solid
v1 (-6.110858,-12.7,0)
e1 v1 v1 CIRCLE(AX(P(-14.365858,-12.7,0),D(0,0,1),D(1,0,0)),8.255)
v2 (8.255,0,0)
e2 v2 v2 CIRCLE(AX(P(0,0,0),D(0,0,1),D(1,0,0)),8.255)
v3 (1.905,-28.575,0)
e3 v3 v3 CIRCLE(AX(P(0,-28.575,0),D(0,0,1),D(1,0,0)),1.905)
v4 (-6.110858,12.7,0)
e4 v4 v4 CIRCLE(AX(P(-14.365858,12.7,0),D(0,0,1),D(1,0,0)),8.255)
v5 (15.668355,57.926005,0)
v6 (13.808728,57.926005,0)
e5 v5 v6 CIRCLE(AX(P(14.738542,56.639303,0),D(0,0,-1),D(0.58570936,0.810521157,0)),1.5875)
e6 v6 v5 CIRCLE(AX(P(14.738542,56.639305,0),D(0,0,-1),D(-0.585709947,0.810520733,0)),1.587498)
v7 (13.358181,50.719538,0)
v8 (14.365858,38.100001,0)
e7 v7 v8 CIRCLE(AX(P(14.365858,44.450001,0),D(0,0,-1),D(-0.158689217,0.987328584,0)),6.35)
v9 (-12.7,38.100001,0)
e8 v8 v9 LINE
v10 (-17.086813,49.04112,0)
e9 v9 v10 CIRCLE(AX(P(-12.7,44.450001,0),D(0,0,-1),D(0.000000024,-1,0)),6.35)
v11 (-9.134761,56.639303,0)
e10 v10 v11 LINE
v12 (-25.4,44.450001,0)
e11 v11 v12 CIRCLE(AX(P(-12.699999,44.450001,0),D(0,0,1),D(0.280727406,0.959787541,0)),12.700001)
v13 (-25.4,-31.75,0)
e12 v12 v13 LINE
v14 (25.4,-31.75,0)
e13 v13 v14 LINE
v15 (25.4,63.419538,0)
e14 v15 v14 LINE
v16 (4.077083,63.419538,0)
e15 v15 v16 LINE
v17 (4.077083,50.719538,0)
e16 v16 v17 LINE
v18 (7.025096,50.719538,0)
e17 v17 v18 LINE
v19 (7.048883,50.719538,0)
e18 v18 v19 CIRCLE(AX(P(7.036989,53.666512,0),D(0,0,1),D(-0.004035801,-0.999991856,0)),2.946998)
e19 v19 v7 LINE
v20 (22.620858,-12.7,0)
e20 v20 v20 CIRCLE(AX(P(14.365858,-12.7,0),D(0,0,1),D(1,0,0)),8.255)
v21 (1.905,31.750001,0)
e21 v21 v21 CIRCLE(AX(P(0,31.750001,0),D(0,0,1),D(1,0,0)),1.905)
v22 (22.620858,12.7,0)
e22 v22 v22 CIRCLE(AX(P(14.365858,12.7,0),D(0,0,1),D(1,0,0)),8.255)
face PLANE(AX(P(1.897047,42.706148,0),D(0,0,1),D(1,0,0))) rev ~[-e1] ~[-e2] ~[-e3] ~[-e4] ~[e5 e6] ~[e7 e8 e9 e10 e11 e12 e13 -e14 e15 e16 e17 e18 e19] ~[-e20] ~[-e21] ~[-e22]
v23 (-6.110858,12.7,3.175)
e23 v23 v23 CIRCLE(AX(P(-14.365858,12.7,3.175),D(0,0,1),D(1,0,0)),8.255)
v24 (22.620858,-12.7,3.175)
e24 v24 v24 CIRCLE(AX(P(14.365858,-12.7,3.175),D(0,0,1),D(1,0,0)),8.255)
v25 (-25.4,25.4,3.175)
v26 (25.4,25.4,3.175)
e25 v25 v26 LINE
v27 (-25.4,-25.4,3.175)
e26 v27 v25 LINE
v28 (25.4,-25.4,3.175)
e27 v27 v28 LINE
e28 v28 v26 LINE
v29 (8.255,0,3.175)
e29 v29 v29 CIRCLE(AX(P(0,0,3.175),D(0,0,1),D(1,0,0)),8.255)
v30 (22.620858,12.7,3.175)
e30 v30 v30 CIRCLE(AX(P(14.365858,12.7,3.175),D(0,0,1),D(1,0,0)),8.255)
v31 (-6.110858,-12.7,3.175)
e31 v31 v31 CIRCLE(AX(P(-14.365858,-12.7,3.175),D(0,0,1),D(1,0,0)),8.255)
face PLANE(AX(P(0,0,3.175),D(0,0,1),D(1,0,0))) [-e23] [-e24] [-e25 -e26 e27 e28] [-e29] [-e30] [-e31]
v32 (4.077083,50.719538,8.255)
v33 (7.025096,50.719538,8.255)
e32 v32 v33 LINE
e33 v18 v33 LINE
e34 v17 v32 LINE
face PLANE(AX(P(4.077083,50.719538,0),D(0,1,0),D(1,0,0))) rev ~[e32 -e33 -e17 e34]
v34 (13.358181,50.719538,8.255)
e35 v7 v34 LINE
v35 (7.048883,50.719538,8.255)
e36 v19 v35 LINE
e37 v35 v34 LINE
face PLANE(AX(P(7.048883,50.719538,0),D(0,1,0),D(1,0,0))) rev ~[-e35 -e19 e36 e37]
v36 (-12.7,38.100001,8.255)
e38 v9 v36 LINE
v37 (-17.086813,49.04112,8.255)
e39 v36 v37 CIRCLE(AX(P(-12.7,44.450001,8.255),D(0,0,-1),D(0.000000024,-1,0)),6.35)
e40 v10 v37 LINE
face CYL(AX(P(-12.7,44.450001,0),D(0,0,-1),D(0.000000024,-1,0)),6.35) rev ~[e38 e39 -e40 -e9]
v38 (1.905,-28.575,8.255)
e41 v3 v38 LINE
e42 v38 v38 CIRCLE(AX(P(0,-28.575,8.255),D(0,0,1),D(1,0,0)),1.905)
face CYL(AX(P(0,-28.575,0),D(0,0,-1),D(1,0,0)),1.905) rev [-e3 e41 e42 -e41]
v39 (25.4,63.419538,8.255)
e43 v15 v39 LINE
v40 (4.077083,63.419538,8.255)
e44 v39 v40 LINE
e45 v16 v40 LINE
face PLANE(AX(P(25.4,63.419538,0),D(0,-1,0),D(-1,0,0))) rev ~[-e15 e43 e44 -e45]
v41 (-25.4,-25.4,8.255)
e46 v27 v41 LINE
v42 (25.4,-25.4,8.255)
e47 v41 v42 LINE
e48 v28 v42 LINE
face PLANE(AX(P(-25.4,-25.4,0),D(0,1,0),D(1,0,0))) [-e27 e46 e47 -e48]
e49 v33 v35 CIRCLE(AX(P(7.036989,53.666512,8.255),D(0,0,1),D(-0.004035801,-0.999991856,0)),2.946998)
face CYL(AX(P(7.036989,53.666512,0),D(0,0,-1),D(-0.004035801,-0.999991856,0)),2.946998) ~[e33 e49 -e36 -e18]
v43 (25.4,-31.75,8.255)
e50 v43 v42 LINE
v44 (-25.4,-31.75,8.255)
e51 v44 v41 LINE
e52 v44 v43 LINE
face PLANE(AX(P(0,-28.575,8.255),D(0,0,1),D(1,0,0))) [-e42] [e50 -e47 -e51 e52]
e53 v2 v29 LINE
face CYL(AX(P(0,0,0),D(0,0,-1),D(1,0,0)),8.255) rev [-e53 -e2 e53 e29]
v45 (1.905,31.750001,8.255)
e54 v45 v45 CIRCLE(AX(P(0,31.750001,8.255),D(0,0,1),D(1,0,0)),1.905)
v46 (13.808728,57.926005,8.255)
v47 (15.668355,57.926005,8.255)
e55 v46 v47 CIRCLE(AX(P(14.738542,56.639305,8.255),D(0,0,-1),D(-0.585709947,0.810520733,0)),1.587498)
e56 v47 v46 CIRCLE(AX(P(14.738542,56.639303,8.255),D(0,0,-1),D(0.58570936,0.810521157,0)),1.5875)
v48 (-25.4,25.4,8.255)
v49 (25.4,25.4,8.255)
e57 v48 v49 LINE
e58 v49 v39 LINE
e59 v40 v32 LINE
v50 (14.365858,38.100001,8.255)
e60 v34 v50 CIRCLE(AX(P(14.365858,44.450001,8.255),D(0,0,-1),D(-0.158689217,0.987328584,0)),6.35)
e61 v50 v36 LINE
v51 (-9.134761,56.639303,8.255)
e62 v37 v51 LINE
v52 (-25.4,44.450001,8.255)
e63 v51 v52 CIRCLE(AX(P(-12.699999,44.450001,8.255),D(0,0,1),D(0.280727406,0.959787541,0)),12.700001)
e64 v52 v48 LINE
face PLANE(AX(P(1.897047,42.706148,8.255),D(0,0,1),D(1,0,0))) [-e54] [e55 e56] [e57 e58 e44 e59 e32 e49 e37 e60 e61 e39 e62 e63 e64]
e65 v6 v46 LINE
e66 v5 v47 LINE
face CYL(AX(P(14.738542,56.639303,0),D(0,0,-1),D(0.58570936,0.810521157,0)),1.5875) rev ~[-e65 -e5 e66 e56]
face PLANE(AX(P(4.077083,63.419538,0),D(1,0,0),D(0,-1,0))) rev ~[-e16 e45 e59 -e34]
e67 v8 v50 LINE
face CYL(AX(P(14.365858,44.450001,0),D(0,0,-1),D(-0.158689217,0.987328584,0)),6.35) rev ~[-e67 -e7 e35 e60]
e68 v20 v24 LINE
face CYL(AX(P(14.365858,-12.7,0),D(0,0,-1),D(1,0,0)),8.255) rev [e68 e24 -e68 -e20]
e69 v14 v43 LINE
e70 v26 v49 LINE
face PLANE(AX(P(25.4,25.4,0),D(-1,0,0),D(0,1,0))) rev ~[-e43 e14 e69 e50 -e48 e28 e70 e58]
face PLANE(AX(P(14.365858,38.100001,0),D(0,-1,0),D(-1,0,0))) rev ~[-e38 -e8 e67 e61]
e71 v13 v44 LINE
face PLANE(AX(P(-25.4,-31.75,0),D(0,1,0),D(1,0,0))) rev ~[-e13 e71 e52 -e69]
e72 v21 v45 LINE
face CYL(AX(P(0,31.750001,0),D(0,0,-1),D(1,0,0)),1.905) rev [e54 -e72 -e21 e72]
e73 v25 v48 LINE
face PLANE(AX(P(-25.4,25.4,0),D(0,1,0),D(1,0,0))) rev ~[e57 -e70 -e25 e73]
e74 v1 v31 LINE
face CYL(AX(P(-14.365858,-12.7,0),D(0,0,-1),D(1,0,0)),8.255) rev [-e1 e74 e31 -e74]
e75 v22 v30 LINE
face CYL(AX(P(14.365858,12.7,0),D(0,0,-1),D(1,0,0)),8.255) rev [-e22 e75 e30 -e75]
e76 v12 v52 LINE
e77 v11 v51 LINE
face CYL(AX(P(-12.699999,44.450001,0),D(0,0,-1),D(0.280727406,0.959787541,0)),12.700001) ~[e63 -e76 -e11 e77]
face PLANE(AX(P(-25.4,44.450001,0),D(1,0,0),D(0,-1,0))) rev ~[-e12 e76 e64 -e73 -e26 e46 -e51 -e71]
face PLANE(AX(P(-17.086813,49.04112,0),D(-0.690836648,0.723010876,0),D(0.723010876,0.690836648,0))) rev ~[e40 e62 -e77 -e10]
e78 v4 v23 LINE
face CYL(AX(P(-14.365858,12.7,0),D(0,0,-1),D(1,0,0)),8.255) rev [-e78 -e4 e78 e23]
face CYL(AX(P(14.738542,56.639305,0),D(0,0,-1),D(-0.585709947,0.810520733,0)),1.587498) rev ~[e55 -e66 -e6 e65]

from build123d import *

# Parameters (mm, degrees)
F0_W     = 50.8
F0_H     = 50.8
F0_R     = 8.255
F1_DEPTH = 3.175
F0_R_2   = 1.905
F0_H_2   = 6.35
F2_DEPTH = 8.255


with BuildPart() as f1:
    # F0 (on Top) → F1 (new body)
    with BuildSketch(Plane.XY):
        Rectangle(F0_W, F0_H)
        with Locations((-14.365858, -12.7)):
            Circle(F0_R, mode=Mode.SUBTRACT)
        with Locations((-14.365858, 12.7)):
            Circle(F0_R, mode=Mode.SUBTRACT)
        with Locations((14.365858, -12.7)):
            Circle(F0_R, mode=Mode.SUBTRACT)
        Circle(F0_R, mode=Mode.SUBTRACT)
        with Locations((14.365858, 12.7)):
            Circle(F0_R, mode=Mode.SUBTRACT)
    extrude(amount=F1_DEPTH)

    # F0 (on Top) → F2 (join)
    with BuildSketch(Plane.XY):
        with BuildLine():
            Line((-25.4, 44.450001), (-25.4, 25.4))
            Line((-25.4, 25.4), (25.4, 25.4))
            Line((25.4, 25.4), (25.4, 44.450001))
            Line((25.4, 44.450001), (25.4, 56.639303))
            Line((25.4, 56.639303), (25.4, 63.419538))
            Line((25.4, 63.419538), (12.960542, 63.419538))
            Line((12.960542, 63.419538), (12.38037, 63.419538))
            Line((12.38037, 63.419538), (4.077083, 63.419538))
            Line((4.077083, 63.419538), (4.077083, 50.719538))
            Line((4.077083, 50.719538), (7.025096, 50.719538))
            ThreePointArc((7.025096, 50.719538), (7.03699, 50.719514), (7.048883, 50.719538))
            Line((7.048883, 50.719538), (13.358181, 50.719538))
            ThreePointArc((13.358181, 50.719538), (20.69571, 44.955443), (14.365858, 38.100001))
            Line((14.365858, 38.100001), (-12.7, 38.100001))
            ThreePointArc((-12.7, 38.100001), (-18.5939, 42.086858), (-17.086813, 49.04112))
            Line((-17.086813, 49.04112), (-9.134761, 56.639303))
            ThreePointArc((-9.134761, 56.639303), (-20.316149, 54.612888), (-25.4, 44.450001))
        make_face()
        with Locations((0, 31.750001)):
            Circle(F0_R_2, mode=Mode.SUBTRACT)
        with BuildLine():
            ThreePointArc((15.668355, 57.926005), (14.738542, 55.051803), (13.808728, 57.926005))
            ThreePointArc((13.808728, 57.926005), (14.738542, 58.226803), (15.668355, 57.926005))
        make_face(mode=Mode.SUBTRACT)
        with Locations((0, -28.575)):
            Rectangle(F0_W, F0_H_2)
        with Locations((0, -28.575)):
            Circle(F0_R_2, mode=Mode.SUBTRACT)
    extrude(amount=F2_DEPTH)


solid = f1.part
